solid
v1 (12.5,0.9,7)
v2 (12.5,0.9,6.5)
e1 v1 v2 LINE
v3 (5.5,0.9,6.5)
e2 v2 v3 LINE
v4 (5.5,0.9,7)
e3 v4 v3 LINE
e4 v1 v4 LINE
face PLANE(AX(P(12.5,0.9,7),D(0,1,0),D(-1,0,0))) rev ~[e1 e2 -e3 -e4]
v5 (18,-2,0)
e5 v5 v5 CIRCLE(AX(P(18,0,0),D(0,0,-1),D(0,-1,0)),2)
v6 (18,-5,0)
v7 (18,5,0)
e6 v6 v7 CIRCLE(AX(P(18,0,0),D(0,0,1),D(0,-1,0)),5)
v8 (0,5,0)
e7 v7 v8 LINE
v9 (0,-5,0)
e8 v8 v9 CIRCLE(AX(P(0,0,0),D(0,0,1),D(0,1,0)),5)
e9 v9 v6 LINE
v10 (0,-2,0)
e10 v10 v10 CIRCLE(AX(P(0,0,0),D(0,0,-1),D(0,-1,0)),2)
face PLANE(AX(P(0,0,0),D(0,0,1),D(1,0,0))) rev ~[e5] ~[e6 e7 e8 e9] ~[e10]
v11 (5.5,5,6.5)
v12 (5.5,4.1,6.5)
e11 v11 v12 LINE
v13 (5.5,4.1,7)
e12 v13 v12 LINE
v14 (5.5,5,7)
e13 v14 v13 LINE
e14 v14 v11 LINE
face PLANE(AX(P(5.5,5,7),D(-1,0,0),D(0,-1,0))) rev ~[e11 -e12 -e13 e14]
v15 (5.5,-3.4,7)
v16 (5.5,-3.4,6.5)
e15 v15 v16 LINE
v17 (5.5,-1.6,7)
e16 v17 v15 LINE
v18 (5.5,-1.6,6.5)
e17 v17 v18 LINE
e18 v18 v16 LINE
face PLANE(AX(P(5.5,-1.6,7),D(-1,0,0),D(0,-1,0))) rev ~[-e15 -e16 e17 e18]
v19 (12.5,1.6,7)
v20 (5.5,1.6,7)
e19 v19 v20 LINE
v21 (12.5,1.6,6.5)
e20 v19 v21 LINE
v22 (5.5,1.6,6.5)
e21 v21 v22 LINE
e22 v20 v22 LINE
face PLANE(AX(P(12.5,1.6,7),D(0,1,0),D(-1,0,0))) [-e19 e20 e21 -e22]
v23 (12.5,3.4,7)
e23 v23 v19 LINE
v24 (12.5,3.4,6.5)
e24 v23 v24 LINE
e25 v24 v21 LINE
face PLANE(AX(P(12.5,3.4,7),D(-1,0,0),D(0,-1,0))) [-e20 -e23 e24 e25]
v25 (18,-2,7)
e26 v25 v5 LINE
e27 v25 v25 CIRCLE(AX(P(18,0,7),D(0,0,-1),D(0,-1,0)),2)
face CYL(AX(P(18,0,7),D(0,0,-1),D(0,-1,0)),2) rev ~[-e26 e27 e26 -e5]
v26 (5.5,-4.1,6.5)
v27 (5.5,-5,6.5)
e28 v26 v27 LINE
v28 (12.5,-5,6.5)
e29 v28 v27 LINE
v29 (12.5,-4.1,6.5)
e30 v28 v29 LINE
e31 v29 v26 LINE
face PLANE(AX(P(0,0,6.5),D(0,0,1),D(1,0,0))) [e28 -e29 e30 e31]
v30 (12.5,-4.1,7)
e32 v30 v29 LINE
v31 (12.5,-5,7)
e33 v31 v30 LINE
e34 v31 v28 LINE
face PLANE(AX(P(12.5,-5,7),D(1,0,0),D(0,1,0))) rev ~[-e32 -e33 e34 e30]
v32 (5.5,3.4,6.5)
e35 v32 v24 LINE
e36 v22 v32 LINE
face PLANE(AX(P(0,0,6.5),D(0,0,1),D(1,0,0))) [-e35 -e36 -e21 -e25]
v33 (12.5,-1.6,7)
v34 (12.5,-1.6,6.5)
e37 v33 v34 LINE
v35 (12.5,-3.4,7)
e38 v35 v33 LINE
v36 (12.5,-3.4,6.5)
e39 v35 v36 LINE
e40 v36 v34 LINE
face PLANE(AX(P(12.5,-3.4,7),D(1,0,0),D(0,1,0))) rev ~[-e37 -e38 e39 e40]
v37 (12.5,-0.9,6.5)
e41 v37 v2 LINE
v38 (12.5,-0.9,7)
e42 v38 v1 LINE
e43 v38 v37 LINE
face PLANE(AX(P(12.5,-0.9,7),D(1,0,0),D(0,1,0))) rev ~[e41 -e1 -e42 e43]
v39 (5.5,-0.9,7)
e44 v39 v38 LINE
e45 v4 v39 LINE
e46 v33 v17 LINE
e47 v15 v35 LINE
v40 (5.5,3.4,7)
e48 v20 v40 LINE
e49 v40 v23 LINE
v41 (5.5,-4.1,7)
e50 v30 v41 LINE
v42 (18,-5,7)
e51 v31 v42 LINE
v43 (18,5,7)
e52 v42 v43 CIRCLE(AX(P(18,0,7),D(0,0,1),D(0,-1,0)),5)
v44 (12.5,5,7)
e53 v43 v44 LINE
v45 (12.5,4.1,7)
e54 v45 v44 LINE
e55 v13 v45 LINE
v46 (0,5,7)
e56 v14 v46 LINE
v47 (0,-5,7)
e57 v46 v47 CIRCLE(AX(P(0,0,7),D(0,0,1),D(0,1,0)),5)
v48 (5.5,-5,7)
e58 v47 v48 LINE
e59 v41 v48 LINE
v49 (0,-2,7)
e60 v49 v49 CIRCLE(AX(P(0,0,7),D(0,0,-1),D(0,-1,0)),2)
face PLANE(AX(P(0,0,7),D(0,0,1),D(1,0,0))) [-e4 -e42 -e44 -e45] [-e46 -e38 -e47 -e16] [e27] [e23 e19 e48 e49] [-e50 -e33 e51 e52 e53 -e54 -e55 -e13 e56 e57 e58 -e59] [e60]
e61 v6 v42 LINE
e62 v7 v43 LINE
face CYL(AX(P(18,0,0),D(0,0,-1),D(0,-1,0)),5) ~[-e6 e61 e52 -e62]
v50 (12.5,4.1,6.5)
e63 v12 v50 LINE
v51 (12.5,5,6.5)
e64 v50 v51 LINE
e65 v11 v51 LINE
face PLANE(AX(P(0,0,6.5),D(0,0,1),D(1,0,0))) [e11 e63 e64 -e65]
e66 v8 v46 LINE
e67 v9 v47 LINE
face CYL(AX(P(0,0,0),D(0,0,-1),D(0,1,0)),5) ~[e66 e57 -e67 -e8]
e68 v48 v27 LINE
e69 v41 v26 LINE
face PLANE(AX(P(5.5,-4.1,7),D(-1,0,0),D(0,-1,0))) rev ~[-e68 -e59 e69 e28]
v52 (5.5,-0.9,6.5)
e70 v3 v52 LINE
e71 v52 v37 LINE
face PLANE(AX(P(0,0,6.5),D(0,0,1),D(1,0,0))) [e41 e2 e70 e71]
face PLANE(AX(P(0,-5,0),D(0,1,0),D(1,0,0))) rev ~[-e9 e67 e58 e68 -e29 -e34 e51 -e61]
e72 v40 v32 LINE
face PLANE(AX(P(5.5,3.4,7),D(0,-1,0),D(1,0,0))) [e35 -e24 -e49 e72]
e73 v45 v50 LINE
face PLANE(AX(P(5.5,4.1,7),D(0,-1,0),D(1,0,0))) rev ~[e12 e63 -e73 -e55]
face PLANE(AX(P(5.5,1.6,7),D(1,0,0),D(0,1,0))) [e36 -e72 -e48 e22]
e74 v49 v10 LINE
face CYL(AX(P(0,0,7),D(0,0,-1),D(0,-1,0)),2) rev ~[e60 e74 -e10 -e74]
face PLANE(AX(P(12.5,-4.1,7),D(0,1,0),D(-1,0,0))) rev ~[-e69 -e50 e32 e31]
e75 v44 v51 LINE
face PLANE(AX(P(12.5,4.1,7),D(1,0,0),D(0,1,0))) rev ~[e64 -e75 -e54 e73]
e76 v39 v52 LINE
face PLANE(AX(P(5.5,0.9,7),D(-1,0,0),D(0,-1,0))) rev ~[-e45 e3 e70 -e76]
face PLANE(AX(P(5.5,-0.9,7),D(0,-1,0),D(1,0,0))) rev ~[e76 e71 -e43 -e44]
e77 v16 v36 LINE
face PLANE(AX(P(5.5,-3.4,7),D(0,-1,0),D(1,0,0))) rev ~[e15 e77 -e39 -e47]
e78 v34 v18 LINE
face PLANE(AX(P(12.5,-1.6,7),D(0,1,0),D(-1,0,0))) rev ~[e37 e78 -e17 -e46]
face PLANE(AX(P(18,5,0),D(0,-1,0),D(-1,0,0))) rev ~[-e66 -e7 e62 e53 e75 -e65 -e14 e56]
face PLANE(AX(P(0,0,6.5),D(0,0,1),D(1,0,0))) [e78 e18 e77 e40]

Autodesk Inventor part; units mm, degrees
ref_plane "YZ Plane" through (0, 0, 0) normal (1, 0, 0) x (0, 1, 0)
ref_plane "XZ Plane" through (0, 0, 0) normal (0, 1, 0) x (-1, 0, 0)
ref_plane "XY Plane" through (0, 0, 0) normal (0, 0, 1) x (1, 0, 0)
sketch "Sketch1" plane through (0, 0, 0) normal (0, 0, 1) x (1, 0, 0)
  arc A0 (0, 5) -> (0, -5) centre (0, 0) ccw
  line L0 (0, 0) -> (18, 0) construction
  line L1 (18, 5) -> (0, 5)
  line L2 (0, -5) -> (18, -5)
  arc A1 (18, -5) -> (18, 5) centre (18, 0) ccw
  dimension "d0" = 5
  dimension "d1" = 18
extrude "Extrusion1" add sketch "Sketch1" along normal blind 7
sketch "Sketch2" plane through (0, 0, 7) normal (0, 0, 1) x (1, 0, 0)
  arc A0 (18, -5) -> (18, 5) centre (18, 0) ccw projected
  arc A1 (0, 5) -> (0, -5) centre (0, 0) ccw projected
hole "Hole1" at (0, 0, 7) at (18, 0, 7) direction (0, 0, -1) diameter 4 end through all
sketch "Sketch3" plane through (0, 0, 7) normal (0, 0, 1) x (1, 0, 0)
  line L0 (0, 5) -> (18, 5) projected
  line L1 (18, -5) -> (0, -5) projected
  line L2 (12.5, 0.9) -> (5.5, 0.9)
  line L3 (5.5, 0.9) -> (5.5, -0.9)
  line L4 (5.5, -0.9) -> (12.5, -0.9)
  line L5 (12.5, -0.9) -> (12.5, 0.9)
  line L6 (12.5, -1.6) -> (5.5, -1.6)
  line L7 (5.5, -1.6) -> (5.5, -3.4)
  line L8 (5.5, -3.4) -> (12.5, -3.4)
  line L9 (12.5, -3.4) -> (12.5, -1.6)
  line L10 (12.5, 1.6) -> (5.5, 1.6)
  line L11 (5.5, 1.6) -> (5.5, 3.4)
  line L12 (5.5, 3.4) -> (12.5, 3.4)
  line L13 (12.5, 3.4) -> (12.5, 1.6)
  line L14 (5.5, 4.1) -> (12.5, 4.1)
  line L15 (12.5, 4.1) -> (12.5, 5)
  line L16 (12.5, 5) -> (5.5, 5)
  line L17 (5.5, 5) -> (5.5, 4.1)
  line L18 (12.5, -4.1) -> (5.5, -4.1)
  line L19 (5.5, -4.1) -> (5.5, -5)
  line L20 (5.5, -5) -> (12.5, -5)
  line L21 (12.5, -5) -> (12.5, -4.1)
  line L22 (9, 5) -> (9, -5) construction
  line L23 (9, 5) -> (9, 7.1624) construction
  line L24 (12.5, 3.4) -> (12.5, 4.1) construction
  line L25 (12.5, 1.6) -> (12.5, 0.9) construction
  line L26 (12.5, -0.9) -> (12.5, -1.6) construction
  line L27 (12.5, -3.4) -> (12.5, -4.1) construction
  point P0 (9, 4.1)
  dimension "d11" = 7
  dimension "d12" = 0.7
  dimension "d13" = 1.8
extrude "Extrusion2" cut sketch "Sketch3" against normal blind 0.5
properties part number "belt-clamp"
